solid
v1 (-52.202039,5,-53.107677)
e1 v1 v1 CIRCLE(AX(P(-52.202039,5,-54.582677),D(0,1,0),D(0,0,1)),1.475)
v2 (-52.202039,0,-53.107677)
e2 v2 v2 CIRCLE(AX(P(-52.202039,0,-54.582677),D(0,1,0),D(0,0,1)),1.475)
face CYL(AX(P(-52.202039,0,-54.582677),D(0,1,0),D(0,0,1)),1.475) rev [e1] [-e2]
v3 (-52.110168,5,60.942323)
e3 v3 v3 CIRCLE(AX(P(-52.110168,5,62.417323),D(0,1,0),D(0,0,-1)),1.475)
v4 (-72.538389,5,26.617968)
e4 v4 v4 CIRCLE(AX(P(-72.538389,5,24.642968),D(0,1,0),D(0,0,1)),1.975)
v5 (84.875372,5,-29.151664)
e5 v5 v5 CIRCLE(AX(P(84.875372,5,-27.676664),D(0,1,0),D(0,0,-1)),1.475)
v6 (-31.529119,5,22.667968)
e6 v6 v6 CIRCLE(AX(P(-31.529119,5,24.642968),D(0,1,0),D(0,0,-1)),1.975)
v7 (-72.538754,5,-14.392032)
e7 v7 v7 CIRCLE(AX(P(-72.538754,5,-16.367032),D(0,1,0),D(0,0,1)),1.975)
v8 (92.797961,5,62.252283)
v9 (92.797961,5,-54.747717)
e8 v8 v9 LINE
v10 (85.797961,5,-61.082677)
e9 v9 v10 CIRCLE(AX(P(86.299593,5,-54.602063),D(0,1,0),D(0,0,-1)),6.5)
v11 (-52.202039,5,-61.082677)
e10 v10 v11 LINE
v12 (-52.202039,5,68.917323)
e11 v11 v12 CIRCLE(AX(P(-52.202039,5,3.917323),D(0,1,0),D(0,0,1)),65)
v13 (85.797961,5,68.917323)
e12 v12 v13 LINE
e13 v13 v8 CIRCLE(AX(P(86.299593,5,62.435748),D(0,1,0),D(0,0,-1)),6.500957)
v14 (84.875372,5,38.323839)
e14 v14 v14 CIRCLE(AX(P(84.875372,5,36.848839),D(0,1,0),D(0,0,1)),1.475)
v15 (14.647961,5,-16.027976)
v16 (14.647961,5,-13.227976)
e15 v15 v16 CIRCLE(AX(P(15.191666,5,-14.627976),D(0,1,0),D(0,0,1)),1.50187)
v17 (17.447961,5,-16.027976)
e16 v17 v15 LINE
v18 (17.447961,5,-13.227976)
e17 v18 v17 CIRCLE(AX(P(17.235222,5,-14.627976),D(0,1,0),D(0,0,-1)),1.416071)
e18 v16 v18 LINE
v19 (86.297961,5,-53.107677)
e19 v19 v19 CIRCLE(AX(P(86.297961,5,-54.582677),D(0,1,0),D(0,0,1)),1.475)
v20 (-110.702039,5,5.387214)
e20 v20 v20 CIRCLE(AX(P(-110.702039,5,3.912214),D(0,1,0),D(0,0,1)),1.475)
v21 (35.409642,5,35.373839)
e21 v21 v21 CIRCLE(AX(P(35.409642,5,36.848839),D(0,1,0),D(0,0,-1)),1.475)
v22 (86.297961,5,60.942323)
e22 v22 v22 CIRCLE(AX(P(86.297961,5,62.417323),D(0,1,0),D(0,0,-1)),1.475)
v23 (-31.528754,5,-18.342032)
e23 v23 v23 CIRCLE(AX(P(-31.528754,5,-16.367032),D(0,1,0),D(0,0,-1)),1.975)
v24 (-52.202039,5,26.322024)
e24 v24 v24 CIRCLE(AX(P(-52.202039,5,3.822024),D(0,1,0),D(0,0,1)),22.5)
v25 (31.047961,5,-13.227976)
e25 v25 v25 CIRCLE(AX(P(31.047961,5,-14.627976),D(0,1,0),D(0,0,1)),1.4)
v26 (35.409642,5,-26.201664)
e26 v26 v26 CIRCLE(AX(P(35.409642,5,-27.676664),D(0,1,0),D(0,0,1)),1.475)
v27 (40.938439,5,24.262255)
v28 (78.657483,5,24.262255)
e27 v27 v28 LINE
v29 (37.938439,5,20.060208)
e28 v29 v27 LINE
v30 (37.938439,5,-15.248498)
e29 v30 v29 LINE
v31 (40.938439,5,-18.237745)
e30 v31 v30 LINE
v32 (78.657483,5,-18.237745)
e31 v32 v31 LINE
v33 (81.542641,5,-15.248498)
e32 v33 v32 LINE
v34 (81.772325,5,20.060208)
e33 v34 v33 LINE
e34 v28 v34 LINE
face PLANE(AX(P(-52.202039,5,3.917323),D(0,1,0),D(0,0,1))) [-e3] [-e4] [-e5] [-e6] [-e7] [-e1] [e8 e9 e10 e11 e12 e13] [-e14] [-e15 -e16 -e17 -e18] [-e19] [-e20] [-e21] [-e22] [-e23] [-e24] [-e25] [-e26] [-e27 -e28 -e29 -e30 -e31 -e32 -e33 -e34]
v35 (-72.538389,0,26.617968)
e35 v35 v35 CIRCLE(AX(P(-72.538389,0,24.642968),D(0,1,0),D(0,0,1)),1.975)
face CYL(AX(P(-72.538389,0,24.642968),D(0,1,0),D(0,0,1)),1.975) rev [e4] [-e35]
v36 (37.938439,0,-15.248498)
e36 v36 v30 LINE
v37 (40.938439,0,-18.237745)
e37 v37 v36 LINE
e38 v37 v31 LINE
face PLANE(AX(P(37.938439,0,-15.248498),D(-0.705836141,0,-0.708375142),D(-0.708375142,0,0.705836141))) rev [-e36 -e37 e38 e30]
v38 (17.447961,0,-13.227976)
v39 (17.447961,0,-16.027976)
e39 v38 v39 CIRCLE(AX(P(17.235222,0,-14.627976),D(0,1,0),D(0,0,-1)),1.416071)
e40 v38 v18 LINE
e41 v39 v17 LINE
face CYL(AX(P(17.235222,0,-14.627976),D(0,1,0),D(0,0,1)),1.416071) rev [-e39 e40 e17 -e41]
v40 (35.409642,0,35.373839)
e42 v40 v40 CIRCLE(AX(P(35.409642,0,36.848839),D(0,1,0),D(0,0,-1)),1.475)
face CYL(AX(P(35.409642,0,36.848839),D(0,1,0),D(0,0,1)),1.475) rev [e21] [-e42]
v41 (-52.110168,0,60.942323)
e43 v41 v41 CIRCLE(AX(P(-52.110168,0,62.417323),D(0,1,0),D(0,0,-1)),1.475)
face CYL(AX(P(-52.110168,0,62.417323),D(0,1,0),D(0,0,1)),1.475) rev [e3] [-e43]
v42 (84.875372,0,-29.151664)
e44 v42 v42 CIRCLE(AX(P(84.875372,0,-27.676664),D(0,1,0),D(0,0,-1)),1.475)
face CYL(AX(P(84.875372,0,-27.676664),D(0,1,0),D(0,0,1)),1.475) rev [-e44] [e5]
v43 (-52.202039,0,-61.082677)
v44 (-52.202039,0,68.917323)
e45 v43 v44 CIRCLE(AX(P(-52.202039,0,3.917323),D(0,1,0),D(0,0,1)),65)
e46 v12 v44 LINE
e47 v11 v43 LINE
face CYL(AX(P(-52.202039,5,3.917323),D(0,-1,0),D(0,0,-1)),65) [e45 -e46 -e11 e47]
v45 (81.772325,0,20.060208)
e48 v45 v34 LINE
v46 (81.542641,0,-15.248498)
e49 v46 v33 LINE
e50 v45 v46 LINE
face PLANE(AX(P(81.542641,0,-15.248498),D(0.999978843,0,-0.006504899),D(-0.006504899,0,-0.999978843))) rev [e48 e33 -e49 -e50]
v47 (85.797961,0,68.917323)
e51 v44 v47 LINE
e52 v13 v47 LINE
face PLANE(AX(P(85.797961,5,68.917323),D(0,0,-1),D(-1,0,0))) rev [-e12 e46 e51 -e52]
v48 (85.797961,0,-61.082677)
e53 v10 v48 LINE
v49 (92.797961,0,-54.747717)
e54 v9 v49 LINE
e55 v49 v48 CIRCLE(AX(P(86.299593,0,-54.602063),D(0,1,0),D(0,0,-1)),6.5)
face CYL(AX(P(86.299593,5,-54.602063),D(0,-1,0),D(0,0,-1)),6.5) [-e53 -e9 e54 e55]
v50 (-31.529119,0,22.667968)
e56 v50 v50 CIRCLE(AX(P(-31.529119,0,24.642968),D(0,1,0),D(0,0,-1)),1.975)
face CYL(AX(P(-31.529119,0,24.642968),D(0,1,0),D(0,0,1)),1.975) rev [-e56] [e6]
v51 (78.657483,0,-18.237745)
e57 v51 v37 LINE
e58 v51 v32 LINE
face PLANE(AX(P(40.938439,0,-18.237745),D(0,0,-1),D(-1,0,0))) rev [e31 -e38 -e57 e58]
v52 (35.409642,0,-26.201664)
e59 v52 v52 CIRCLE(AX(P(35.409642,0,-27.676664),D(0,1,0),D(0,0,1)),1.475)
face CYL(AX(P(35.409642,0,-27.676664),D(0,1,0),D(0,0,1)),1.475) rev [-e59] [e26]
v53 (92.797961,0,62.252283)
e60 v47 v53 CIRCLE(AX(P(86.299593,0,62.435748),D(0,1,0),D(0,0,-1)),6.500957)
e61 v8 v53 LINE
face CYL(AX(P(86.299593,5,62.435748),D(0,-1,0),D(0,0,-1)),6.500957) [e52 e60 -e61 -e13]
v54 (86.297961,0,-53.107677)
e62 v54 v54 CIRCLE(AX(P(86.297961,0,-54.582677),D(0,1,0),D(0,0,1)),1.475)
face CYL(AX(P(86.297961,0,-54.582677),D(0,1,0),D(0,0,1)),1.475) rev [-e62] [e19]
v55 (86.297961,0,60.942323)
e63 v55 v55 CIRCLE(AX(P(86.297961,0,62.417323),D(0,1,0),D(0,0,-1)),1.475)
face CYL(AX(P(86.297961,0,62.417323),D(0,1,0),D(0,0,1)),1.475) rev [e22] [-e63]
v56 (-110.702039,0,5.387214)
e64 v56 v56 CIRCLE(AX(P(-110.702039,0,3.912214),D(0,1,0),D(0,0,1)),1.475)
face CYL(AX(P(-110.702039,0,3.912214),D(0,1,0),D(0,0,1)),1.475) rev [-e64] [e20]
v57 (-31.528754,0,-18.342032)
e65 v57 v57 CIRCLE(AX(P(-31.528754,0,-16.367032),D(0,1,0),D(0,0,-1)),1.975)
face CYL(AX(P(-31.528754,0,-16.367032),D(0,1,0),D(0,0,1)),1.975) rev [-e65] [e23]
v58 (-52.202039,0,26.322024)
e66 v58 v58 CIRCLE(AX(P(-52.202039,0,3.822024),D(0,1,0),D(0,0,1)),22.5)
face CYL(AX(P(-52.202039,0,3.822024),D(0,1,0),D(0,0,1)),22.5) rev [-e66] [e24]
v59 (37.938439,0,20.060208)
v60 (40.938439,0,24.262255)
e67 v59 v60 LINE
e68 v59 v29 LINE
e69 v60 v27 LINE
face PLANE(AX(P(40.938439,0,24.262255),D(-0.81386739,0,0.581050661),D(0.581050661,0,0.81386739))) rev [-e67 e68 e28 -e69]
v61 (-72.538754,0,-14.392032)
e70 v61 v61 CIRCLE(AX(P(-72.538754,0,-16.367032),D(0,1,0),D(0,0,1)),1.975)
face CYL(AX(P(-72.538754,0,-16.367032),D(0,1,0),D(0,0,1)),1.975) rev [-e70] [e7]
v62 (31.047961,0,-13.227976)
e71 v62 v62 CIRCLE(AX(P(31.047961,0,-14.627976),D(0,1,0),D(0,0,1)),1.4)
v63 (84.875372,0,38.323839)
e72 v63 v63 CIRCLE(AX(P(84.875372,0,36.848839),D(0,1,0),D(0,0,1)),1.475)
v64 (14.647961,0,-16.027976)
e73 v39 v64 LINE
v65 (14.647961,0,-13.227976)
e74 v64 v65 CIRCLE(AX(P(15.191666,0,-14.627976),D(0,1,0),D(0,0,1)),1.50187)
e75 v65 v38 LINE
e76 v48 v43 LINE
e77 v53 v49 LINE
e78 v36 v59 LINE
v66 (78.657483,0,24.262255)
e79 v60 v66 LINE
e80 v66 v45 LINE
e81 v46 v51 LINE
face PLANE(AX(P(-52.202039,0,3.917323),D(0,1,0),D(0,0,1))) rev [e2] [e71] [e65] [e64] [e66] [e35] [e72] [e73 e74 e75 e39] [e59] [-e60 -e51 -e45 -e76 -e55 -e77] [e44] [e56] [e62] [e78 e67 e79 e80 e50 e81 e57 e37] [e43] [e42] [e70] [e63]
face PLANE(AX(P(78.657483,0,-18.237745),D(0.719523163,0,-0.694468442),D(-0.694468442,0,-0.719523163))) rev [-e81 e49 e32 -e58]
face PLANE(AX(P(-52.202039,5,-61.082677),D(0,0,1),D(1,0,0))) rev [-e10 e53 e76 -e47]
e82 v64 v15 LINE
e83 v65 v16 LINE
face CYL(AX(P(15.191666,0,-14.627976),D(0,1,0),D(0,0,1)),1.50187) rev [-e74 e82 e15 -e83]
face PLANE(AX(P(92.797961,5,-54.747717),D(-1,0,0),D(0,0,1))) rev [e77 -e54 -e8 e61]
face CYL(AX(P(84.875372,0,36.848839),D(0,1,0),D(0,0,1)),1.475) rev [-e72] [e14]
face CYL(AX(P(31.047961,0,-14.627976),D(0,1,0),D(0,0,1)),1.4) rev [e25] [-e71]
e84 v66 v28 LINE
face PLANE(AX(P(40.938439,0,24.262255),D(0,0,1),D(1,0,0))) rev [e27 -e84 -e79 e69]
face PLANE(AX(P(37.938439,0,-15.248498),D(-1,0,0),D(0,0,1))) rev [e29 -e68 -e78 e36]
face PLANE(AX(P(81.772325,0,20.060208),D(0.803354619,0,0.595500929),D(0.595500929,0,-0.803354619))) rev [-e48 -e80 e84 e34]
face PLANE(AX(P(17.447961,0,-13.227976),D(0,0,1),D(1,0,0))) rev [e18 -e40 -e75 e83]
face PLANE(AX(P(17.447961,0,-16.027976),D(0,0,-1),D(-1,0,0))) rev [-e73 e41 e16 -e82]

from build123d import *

# Parameters (mm, degrees)
BOSS_EXTRUDE1_DEPTH = 5
SKETCH3_R           = 1.475
CUT_EXTRUDE1_DEPTH  = 137.064643721
SKETCH4_R           = 22.5
SKETCH4_R_2         = 1.975
SKETCH4_R_3         = 1.4
SKETCH4_R_4         = 1.475
CUT_EXTRUDE2_DEPTH  = 137.064643721


with BuildPart() as part:
    # Sketch2 → Boss-Extrude1 (new body)
    with BuildSketch(Plane(origin=(0, 0, 0), x_dir=(1, 0, 0), z_dir=(0, 1, 0))):
        with BuildLine():
            Line((-52.202038886, 61.082677165), (85.797961114, 61.082677165))
            ThreePointArc((85.797961114, 61.082677165), (90.6611457, 59.421487905), (92.797961114, 54.747717054))
            Line((92.797961114, 54.747717054), (92.797961114, -62.252282946))
            ThreePointArc((92.797961114, -62.252282946), (90.782438223, -67.143884297), (85.797961114, -68.917322835))
            Line((85.797961114, -68.917322835), (-52.202038886, -68.917322835))
            ThreePointArc((-52.202038886, -68.917322835), (-117.202038886, -3.917322835), (-52.202038886, 61.082677165))
        make_face()
    extrude(amount=BOSS_EXTRUDE1_DEPTH)

    # Sketch3 → Cut-Extrude1 (cut, through all)
    with BuildSketch(Plane(origin=(0, 5, 0), x_dir=(1, 0, 0), z_dir=(0, 1, 0))):
        with Locations(Location((86.297961114, 54.582677165, 0), (0, 0, 270))):
            Circle(SKETCH3_R)
        with Locations(Location((-52.202038886, 54.582677165, 0), (0, 0, 270))):
            Circle(SKETCH3_R)
        with Locations(Location((-110.702038886, -3.912214457, 0), (0, 0, 270))):
            Circle(SKETCH3_R)
        with Locations(Location((86.297961114, -62.417322835, 0), (0, 0, 90))):
            Circle(SKETCH3_R)
        with Locations(Location((-52.110168441, -62.417322835, 0), (0, 0, 90))):
            Circle(SKETCH3_R)
    extrude(amount=-CUT_EXTRUDE1_DEPTH, mode=Mode.SUBTRACT)

    # Sketch4 → Cut-Extrude2 (cut, through all)
    with BuildSketch(Plane(origin=(0, 5, 0), x_dir=(1, 0, 0), z_dir=(0, 1, 0))):
        with Locations(Location((-52.202038886, -3.822023973, 0), (0, 0, 270))):
            Circle(SKETCH4_R)
        with Locations(Location((-72.538754153, 16.367031882, 0), (0, 0, 270))):
            Circle(SKETCH4_R_2)
        with Locations(Location((31.047961114, 14.627976027, 0), (0, 0, 270))):
            Circle(SKETCH4_R_3)
        with Locations(Location((35.409642143, 27.67666392, 0), (0, 0, 270))):
            Circle(SKETCH4_R_4)
        with Locations(Location((84.87537154, 27.67666392, 0), (0, 0, 90))):
            Circle(SKETCH4_R_4)
        with Locations(Location((84.87537154, -36.84883921, 0), (0, 0, 270))):
            Circle(SKETCH4_R_4)
        with Locations(Location((35.409642143, -36.84883921, 0), (0, 0, 90))):
            Circle(SKETCH4_R_4)
        with Locations(Location((-72.538388848, -24.642968116, 0), (0, 0, 270))):
            Circle(SKETCH4_R_2)
        with Locations(Location((-31.529119459, -24.642968116, 0), (0, 0, 90))):
            Circle(SKETCH4_R_2)
        with Locations(Location((-31.528754153, 16.367031882, 0), (0, 0, 90))):
            Circle(SKETCH4_R_2)
        Polygon((37.938439462, 15.24849763), (37.938439462, -20.06020818), (40.938439462, -24.262255151), (78.657482766, -24.262255151), (81.772324977, -20.06020818), (81.542640555, 15.24849763), (78.657482766, 18.237744849), (40.938439462, 18.237744849), align=None)
        with BuildLine():
            Line((17.447961114, 16.027976027), (14.647961114, 16.027976027))
            ThreePointArc((14.647961114, 16.027976027), (13.689795357, 14.627976027), (14.647961114, 13.227976027))
            Line((14.647961114, 13.227976027), (17.447961114, 13.227976027))
            ThreePointArc((17.447961114, 13.227976027), (18.651293074, 14.627976027), (17.447961114, 16.027976027))
        make_face()
    extrude(amount=-CUT_EXTRUDE2_DEPTH, mode=Mode.SUBTRACT)


solid = part.part
